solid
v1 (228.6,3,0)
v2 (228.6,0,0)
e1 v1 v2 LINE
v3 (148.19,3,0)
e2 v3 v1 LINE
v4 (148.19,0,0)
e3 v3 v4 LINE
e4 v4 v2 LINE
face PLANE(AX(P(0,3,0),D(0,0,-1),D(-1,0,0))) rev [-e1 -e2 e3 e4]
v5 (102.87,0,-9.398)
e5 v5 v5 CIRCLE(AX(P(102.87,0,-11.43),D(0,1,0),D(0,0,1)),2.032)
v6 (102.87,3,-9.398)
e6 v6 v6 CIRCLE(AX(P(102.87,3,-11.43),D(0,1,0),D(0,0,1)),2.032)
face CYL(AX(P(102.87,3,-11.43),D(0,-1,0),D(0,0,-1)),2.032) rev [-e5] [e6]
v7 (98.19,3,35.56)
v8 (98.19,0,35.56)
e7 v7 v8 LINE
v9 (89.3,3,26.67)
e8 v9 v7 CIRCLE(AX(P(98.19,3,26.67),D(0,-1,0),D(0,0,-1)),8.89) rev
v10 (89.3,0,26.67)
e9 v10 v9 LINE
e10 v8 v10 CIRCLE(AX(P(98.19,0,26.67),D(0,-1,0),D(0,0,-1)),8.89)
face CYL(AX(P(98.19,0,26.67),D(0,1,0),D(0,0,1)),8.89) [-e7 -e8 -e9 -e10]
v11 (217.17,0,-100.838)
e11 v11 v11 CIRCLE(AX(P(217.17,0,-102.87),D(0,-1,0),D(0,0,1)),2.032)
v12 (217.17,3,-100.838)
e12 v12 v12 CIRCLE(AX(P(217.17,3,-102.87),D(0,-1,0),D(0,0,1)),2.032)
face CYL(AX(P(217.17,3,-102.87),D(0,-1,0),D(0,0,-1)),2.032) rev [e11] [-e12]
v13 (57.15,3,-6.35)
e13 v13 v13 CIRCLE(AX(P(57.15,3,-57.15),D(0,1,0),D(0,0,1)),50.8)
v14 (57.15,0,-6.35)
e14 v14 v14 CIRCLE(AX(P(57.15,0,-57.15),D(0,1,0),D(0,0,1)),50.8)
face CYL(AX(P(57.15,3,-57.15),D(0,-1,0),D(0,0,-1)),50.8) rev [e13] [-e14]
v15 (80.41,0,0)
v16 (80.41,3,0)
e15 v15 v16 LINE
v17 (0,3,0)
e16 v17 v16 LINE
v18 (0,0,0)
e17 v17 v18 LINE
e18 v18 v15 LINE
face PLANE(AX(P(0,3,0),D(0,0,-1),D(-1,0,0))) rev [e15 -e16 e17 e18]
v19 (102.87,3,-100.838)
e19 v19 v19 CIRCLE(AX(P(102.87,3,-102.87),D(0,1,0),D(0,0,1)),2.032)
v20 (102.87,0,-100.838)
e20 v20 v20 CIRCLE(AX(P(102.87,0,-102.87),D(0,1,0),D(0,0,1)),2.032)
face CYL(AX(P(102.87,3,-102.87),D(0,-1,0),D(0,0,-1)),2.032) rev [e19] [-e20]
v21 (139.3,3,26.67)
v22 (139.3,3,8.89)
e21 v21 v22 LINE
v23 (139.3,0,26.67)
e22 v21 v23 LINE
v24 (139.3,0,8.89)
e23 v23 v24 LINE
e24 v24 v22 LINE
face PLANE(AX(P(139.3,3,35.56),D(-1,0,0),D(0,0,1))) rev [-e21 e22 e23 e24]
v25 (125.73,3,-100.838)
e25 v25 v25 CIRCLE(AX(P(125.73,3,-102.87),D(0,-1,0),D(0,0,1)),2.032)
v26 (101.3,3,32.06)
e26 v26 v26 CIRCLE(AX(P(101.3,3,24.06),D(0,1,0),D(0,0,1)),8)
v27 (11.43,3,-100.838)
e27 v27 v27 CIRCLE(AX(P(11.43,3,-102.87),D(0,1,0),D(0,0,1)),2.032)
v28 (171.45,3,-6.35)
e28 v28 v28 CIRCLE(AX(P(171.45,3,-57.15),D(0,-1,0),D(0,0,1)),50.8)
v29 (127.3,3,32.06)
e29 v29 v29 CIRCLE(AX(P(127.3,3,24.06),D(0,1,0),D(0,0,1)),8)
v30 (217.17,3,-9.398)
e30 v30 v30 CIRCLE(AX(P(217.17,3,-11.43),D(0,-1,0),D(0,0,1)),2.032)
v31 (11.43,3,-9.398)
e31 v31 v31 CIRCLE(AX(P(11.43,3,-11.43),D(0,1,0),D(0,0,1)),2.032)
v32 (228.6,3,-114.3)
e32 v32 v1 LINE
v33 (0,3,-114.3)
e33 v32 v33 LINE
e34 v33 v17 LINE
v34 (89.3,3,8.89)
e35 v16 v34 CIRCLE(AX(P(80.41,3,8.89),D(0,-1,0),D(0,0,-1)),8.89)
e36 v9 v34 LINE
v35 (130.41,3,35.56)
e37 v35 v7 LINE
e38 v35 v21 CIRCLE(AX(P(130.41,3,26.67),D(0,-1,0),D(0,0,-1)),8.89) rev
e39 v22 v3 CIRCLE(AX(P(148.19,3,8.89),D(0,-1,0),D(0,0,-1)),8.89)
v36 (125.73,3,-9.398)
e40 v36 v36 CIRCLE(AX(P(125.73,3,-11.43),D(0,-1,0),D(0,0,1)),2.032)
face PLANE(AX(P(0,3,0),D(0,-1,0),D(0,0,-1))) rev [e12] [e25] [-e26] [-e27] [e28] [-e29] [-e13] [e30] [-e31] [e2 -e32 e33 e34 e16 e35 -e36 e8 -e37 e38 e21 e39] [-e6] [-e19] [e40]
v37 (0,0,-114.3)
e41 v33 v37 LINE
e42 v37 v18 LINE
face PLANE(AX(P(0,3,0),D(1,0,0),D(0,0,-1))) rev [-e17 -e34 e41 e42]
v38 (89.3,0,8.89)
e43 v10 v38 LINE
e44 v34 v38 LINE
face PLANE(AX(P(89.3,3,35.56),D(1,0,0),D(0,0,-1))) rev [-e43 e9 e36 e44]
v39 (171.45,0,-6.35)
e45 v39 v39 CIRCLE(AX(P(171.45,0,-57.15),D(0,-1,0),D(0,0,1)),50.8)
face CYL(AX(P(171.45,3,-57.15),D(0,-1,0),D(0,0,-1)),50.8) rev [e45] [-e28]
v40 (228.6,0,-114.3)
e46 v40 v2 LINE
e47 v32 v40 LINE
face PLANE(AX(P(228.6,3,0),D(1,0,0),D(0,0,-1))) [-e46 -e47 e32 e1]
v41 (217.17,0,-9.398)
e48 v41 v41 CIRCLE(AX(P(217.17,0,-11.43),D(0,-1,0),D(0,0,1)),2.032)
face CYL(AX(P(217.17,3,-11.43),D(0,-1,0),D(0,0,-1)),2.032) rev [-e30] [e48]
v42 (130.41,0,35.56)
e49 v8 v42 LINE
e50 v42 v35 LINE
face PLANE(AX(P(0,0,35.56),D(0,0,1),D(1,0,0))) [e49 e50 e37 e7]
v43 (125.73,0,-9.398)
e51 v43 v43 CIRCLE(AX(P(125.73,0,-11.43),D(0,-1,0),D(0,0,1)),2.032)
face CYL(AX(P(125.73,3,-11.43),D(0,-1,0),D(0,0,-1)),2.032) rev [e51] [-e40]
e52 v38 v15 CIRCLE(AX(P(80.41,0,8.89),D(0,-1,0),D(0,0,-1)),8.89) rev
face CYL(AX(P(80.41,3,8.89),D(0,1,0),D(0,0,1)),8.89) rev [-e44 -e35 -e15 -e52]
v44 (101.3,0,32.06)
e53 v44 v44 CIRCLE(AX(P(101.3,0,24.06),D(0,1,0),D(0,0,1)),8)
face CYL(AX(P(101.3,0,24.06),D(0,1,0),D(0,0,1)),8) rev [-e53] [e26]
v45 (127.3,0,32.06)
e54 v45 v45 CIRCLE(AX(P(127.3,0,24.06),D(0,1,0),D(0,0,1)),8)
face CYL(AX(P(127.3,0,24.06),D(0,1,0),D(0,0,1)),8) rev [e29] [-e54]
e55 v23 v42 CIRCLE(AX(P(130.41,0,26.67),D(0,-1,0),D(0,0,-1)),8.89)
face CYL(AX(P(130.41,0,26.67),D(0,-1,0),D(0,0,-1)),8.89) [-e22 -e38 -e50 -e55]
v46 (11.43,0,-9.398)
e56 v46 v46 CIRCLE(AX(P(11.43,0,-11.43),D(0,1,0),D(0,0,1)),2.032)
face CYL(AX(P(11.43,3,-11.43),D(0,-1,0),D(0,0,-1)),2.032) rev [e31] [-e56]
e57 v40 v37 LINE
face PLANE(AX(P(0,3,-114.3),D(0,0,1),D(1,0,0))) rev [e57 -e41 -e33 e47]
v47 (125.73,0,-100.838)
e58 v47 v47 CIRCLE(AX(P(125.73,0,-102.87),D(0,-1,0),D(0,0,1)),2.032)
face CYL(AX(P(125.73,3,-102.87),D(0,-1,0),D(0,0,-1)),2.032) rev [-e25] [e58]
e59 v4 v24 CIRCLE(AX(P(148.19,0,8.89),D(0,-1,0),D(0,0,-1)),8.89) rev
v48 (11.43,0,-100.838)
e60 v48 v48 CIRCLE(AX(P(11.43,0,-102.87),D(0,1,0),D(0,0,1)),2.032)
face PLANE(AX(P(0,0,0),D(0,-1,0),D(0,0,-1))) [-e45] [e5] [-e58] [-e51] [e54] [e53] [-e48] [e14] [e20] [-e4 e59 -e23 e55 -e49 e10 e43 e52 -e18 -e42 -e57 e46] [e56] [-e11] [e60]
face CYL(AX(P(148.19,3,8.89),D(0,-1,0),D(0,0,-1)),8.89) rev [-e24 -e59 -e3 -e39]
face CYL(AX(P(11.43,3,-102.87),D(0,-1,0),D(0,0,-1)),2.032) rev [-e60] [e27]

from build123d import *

# Parameters (mm, degrees)
SKETCH1_W           = 114.3
SKETCH1_H           = 114.3
SKETCH1_R           = 50.8
SKETCH1_R_2         = 2.032
BOSS_EXTRUDE1_DEPTH = 3
SKETCH3_W           = 50
SKETCH3_H           = 3
BOSS_EXTRUDE2_DEPTH = 35.56
SKETCH4_R           = 8
CUT_EXTRUDE1_DEPTH  = 4
FILLET2_R           = 8.89


with BuildPart() as part:
    # Sketch1 → Boss-Extrude1 (new body)
    with BuildSketch(Plane(origin=(0, 0, 0), x_dir=(1, 0, 0), z_dir=(0, 1, 0))):
        with Locations((57.15, 57.15)):
            Rectangle(SKETCH1_W, SKETCH1_H)
        with Locations((57.15, 57.15)):
            Circle(SKETCH1_R, mode=Mode.SUBTRACT)
        with Locations((11.43, 102.87)):
            Circle(SKETCH1_R_2, mode=Mode.SUBTRACT)
        with Locations((102.87, 102.87)):
            Circle(SKETCH1_R_2, mode=Mode.SUBTRACT)
        with Locations((102.87, 11.43)):
            Circle(SKETCH1_R_2, mode=Mode.SUBTRACT)
        with Locations((11.43, 11.43)):
            Circle(SKETCH1_R_2, mode=Mode.SUBTRACT)
    boss_extrude1 = extrude(amount=BOSS_EXTRUDE1_DEPTH)

    # Mirror1: Boss-Extrude1 across plane
    add(boss_extrude1.mirror(Plane(origin=(114.3, 3, 0), x_dir=(0, 0, 1), z_dir=(-1, 0, 0))))

    # Sketch3 → Boss-Extrude2 (add)
    with BuildSketch(Plane.XY):
        with Locations((114.3, 1.5)):
            Rectangle(SKETCH3_W, SKETCH3_H)
    extrude(amount=BOSS_EXTRUDE2_DEPTH)

    # Sketch4 → Cut-Extrude1 (cut, through all)
    with BuildSketch(Plane(origin=(0, 3, 0), x_dir=(1, 0, 0), z_dir=(0, 1, 0))):
        with Locations((101.3, -24.06)):
            Circle(SKETCH4_R)
        with Locations((127.3, -24.06)):
            Circle(SKETCH4_R)
    extrude(amount=-CUT_EXTRUDE1_DEPTH, mode=Mode.SUBTRACT)

    # Fillet2
    fillet2_edges = [part.edges().sort_by_distance(p)[0] for p in [
        (139.3, 1.5, 0),
        (89.3, 1.5, 0),
        (139.3, 1.5, 35.56),
        (89.3, 1.5, 35.56),
    ]]
    fillet(fillet2_edges, radius=FILLET2_R)


solid = part.part
